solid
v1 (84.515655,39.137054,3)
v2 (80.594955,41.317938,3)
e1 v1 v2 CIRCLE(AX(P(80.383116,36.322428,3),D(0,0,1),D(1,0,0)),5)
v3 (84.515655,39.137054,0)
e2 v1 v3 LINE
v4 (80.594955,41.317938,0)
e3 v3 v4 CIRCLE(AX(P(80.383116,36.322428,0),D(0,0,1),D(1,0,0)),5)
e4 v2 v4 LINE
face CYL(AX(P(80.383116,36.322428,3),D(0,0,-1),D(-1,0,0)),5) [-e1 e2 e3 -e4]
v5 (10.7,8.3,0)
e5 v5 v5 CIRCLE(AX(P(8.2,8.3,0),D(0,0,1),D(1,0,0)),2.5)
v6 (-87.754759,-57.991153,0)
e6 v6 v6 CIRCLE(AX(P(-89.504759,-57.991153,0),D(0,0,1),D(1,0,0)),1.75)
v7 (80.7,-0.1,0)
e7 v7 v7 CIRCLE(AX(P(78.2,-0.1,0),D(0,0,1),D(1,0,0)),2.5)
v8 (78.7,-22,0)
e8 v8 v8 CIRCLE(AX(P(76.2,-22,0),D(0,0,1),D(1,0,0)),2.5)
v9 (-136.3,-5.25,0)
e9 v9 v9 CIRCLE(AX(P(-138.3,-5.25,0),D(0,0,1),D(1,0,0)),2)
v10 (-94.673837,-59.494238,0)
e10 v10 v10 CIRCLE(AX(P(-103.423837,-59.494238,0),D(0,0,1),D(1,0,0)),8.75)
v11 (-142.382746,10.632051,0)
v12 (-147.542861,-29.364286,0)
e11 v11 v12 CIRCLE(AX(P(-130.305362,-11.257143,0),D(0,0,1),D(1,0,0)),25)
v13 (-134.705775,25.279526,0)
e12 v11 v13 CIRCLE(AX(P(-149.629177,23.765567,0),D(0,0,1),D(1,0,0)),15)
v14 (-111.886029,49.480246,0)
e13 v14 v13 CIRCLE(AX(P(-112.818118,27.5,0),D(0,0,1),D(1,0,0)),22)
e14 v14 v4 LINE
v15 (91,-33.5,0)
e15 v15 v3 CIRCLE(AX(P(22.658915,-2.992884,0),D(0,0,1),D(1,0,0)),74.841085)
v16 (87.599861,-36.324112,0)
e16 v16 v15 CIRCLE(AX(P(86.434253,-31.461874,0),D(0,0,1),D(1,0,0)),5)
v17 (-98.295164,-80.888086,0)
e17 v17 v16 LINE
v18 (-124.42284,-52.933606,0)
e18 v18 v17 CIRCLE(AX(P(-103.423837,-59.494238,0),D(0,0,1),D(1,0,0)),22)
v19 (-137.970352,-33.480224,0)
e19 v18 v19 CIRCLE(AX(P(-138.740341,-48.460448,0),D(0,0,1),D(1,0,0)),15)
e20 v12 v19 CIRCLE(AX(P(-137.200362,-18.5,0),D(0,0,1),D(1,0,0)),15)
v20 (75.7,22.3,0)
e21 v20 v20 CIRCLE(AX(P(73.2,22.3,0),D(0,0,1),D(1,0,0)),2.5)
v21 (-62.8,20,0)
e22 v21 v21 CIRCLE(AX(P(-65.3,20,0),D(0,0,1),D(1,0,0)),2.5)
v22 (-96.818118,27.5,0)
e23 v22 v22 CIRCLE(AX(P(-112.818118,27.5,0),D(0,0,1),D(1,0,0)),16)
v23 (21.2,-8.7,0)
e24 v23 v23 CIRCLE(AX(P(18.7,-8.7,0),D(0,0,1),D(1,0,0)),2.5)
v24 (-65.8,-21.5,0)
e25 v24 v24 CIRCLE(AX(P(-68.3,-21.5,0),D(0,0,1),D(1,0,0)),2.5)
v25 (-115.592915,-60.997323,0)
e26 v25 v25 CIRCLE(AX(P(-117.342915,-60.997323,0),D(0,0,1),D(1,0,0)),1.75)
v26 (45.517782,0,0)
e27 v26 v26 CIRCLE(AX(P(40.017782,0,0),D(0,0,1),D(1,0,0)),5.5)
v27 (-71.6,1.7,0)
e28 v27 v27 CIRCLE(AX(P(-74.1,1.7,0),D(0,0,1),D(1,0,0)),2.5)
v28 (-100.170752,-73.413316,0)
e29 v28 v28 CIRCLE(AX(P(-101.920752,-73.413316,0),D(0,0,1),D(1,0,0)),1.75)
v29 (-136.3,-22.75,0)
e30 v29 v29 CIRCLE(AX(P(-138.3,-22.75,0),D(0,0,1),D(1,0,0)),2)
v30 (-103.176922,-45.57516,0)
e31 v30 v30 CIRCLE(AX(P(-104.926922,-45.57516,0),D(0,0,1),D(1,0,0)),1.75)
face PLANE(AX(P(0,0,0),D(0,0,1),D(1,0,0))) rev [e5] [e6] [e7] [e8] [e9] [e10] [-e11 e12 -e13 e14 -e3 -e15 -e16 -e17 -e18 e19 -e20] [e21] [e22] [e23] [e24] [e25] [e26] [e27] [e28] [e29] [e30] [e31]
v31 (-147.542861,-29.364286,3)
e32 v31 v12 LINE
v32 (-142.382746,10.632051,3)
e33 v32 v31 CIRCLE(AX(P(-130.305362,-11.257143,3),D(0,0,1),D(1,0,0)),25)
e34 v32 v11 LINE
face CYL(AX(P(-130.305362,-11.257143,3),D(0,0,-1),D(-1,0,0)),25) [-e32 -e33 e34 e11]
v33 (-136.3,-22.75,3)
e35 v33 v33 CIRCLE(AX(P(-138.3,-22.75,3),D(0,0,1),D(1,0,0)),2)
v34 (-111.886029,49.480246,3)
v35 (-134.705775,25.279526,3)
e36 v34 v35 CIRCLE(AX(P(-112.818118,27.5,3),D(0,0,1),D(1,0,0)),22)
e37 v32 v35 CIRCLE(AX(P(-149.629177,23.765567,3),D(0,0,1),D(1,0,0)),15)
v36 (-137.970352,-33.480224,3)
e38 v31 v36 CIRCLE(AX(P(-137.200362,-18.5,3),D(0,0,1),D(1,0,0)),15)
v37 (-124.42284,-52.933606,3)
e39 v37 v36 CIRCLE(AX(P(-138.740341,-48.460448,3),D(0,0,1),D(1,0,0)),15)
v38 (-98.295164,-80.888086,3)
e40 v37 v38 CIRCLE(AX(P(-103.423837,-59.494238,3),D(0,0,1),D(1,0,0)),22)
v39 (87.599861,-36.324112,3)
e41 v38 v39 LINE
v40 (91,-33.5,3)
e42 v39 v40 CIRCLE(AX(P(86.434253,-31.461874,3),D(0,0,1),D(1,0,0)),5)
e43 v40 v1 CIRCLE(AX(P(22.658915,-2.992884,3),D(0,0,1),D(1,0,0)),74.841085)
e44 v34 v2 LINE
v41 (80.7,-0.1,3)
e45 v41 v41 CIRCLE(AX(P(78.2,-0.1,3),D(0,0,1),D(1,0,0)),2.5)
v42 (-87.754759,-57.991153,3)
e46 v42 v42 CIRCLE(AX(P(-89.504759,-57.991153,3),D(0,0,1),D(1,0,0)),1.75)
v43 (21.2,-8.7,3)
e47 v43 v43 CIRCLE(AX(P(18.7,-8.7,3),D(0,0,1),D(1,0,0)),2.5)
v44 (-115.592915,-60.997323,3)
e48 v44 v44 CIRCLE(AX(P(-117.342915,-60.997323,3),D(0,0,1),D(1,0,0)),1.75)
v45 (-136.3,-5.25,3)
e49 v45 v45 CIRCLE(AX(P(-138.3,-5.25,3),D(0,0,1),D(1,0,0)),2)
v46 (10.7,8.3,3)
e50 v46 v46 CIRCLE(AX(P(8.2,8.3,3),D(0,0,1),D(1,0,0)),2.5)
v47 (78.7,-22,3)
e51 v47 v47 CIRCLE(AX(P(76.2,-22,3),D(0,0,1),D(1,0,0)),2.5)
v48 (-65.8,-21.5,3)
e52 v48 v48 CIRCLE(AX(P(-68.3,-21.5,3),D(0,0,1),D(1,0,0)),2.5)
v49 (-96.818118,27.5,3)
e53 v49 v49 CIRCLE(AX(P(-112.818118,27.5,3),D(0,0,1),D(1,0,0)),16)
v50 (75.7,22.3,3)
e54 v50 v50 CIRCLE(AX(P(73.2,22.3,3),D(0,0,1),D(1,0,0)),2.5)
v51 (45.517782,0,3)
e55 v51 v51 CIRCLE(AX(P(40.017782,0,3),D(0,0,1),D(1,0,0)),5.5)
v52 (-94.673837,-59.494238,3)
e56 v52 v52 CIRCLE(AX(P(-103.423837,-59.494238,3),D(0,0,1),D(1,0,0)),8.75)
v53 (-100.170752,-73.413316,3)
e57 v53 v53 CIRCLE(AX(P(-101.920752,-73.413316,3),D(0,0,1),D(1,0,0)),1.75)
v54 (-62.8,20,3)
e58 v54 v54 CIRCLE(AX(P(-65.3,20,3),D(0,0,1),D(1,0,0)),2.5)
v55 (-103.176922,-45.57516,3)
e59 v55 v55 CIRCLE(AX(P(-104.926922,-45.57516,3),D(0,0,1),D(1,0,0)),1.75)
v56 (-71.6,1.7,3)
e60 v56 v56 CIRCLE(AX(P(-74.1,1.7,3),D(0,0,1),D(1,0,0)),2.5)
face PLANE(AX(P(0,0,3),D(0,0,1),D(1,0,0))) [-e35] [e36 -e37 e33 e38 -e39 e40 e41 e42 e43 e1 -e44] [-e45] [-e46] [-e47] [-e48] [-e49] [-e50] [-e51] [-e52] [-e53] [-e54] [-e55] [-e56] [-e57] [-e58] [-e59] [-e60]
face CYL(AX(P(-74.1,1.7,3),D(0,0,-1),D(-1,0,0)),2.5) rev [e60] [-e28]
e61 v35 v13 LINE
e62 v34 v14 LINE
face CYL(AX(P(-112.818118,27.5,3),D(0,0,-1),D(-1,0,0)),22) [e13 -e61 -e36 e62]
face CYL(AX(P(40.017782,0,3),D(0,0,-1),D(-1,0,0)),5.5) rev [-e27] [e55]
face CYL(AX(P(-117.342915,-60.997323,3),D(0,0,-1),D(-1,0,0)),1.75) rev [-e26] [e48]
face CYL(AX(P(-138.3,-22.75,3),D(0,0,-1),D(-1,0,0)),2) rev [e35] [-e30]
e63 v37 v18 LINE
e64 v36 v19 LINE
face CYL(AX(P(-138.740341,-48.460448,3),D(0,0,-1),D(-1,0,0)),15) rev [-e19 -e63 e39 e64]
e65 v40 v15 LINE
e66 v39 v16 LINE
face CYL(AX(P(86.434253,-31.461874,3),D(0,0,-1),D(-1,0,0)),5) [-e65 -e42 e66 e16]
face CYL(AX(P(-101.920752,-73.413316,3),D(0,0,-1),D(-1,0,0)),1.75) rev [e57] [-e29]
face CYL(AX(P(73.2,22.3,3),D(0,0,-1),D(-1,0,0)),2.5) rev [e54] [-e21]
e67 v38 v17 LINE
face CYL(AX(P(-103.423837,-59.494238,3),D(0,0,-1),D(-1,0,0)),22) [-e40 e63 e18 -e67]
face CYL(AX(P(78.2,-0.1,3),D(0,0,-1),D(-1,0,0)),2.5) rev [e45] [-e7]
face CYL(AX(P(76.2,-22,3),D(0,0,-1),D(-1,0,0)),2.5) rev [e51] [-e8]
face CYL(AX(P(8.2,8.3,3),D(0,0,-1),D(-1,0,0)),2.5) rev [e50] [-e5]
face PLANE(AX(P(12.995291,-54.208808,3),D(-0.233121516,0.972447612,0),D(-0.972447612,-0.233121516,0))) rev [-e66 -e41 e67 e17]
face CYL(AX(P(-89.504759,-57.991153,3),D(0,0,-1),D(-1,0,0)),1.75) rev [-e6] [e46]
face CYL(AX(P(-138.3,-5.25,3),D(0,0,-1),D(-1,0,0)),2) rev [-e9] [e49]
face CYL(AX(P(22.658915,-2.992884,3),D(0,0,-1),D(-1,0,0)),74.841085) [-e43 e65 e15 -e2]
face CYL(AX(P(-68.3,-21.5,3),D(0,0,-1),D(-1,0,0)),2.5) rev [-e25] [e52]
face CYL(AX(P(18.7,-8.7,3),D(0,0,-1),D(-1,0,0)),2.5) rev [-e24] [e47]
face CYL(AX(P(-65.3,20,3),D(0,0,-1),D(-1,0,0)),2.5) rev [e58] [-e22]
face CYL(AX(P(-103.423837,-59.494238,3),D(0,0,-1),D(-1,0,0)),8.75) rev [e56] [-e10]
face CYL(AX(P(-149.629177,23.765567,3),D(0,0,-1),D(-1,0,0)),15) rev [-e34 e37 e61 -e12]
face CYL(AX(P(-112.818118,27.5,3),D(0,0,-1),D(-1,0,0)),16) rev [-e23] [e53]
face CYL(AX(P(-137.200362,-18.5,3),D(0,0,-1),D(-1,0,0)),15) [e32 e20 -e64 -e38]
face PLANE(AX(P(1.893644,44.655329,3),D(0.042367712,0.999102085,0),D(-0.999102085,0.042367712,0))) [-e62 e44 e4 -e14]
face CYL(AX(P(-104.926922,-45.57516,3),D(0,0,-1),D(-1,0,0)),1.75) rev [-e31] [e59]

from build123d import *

# Parameters (mm, degrees)
SKETCH1_R           = 2
SKETCH1_R_2         = 2.5
SKETCH1_R_3         = 16
SKETCH1_R_4         = 5.5
SKETCH1_R_5         = 1.75
SKETCH1_R_6         = 8.75
BOSS_EXTRUDE1_DEPTH = 3


with BuildPart() as part:
    # Sketch1 → Boss-Extrude1 (new body)
    with BuildSketch(Plane.XY):
        with BuildLine():
            ThreePointArc((-111.886028634, 49.480245878), (-128.824449864, 42.592956949), (-134.705774542, 25.279526249))
            ThreePointArc((-134.705774542, 25.279526249), (-136.343375771, 16.802270376), (-142.382746132, 10.632050724))
            ThreePointArc((-142.382746132, 10.632050724), (-155.099864059, -8.058287742), (-147.542861296, -29.364285714))
            ThreePointArc((-147.542861296, -29.364285714), (-143.125485566, -32.280163581), (-137.970351553, -33.480224156))
            ThreePointArc((-137.970351553, -33.480224156), (-126.431132561, -39.888203569), (-124.422839539, -52.93360637))
            ThreePointArc((-124.422839539, -52.93360637), (-119.496486318, -74.51655299), (-98.295162907, -80.888085497))
            Line((-98.295162907, -80.888085497), (87.599861039, -36.324111832))
            ThreePointArc((87.599861039, -36.324111832), (89.628937626, -35.308169791), (91, -33.5))
            ThreePointArc((91, -33.5), (97.203558128, 3.661751943), (84.51565505, 39.137054004))
            ThreePointArc((84.51565505, 39.137054004), (82.813644384, 40.69192784), (80.594954641, 41.317938046))
            Line((80.594954641, 41.317938046), (-111.886028634, 49.480245878))
        make_face()
        with Locations((-138.3, -22.75)):
            Circle(SKETCH1_R, mode=Mode.SUBTRACT)
        with Locations((-68.3, -21.5)):
            Circle(SKETCH1_R_2, mode=Mode.SUBTRACT)
        with Locations((76.2, -22)):
            Circle(SKETCH1_R_2, mode=Mode.SUBTRACT)
        with Locations((-138.3, -5.25)):
            Circle(SKETCH1_R, mode=Mode.SUBTRACT)
        with Locations((-74.1, 1.7)):
            Circle(SKETCH1_R_2, mode=Mode.SUBTRACT)
        with Locations((-112.818118288, 27.5)):
            Circle(SKETCH1_R_3, mode=Mode.SUBTRACT)
        with Locations((-65.3, 20)):
            Circle(SKETCH1_R_2, mode=Mode.SUBTRACT)
        with Locations((18.7, -8.7)):
            Circle(SKETCH1_R_2, mode=Mode.SUBTRACT)
        with Locations((8.2, 8.3)):
            Circle(SKETCH1_R_2, mode=Mode.SUBTRACT)
        with Locations((40.017782272, 0)):
            Circle(SKETCH1_R_4, mode=Mode.SUBTRACT)
        with Locations((78.2, -0.1)):
            Circle(SKETCH1_R_2, mode=Mode.SUBTRACT)
        with Locations((73.2, 22.3)):
            Circle(SKETCH1_R_2, mode=Mode.SUBTRACT)
        with Locations((-104.926921956, -45.575160078)):
            Circle(SKETCH1_R_5, mode=Mode.SUBTRACT)
        with Locations((-101.920751925, -73.413316298)):
            Circle(SKETCH1_R_5, mode=Mode.SUBTRACT)
        with Locations((-117.342915051, -60.997323204)):
            Circle(SKETCH1_R_5, mode=Mode.SUBTRACT)
        with Locations((-103.42383694, -59.494238188)):
            Circle(SKETCH1_R_6, mode=Mode.SUBTRACT)
        with Locations((-89.50475883, -57.991153173)):
            Circle(SKETCH1_R_5, mode=Mode.SUBTRACT)
    extrude(amount=BOSS_EXTRUDE1_DEPTH)


solid = part.part
